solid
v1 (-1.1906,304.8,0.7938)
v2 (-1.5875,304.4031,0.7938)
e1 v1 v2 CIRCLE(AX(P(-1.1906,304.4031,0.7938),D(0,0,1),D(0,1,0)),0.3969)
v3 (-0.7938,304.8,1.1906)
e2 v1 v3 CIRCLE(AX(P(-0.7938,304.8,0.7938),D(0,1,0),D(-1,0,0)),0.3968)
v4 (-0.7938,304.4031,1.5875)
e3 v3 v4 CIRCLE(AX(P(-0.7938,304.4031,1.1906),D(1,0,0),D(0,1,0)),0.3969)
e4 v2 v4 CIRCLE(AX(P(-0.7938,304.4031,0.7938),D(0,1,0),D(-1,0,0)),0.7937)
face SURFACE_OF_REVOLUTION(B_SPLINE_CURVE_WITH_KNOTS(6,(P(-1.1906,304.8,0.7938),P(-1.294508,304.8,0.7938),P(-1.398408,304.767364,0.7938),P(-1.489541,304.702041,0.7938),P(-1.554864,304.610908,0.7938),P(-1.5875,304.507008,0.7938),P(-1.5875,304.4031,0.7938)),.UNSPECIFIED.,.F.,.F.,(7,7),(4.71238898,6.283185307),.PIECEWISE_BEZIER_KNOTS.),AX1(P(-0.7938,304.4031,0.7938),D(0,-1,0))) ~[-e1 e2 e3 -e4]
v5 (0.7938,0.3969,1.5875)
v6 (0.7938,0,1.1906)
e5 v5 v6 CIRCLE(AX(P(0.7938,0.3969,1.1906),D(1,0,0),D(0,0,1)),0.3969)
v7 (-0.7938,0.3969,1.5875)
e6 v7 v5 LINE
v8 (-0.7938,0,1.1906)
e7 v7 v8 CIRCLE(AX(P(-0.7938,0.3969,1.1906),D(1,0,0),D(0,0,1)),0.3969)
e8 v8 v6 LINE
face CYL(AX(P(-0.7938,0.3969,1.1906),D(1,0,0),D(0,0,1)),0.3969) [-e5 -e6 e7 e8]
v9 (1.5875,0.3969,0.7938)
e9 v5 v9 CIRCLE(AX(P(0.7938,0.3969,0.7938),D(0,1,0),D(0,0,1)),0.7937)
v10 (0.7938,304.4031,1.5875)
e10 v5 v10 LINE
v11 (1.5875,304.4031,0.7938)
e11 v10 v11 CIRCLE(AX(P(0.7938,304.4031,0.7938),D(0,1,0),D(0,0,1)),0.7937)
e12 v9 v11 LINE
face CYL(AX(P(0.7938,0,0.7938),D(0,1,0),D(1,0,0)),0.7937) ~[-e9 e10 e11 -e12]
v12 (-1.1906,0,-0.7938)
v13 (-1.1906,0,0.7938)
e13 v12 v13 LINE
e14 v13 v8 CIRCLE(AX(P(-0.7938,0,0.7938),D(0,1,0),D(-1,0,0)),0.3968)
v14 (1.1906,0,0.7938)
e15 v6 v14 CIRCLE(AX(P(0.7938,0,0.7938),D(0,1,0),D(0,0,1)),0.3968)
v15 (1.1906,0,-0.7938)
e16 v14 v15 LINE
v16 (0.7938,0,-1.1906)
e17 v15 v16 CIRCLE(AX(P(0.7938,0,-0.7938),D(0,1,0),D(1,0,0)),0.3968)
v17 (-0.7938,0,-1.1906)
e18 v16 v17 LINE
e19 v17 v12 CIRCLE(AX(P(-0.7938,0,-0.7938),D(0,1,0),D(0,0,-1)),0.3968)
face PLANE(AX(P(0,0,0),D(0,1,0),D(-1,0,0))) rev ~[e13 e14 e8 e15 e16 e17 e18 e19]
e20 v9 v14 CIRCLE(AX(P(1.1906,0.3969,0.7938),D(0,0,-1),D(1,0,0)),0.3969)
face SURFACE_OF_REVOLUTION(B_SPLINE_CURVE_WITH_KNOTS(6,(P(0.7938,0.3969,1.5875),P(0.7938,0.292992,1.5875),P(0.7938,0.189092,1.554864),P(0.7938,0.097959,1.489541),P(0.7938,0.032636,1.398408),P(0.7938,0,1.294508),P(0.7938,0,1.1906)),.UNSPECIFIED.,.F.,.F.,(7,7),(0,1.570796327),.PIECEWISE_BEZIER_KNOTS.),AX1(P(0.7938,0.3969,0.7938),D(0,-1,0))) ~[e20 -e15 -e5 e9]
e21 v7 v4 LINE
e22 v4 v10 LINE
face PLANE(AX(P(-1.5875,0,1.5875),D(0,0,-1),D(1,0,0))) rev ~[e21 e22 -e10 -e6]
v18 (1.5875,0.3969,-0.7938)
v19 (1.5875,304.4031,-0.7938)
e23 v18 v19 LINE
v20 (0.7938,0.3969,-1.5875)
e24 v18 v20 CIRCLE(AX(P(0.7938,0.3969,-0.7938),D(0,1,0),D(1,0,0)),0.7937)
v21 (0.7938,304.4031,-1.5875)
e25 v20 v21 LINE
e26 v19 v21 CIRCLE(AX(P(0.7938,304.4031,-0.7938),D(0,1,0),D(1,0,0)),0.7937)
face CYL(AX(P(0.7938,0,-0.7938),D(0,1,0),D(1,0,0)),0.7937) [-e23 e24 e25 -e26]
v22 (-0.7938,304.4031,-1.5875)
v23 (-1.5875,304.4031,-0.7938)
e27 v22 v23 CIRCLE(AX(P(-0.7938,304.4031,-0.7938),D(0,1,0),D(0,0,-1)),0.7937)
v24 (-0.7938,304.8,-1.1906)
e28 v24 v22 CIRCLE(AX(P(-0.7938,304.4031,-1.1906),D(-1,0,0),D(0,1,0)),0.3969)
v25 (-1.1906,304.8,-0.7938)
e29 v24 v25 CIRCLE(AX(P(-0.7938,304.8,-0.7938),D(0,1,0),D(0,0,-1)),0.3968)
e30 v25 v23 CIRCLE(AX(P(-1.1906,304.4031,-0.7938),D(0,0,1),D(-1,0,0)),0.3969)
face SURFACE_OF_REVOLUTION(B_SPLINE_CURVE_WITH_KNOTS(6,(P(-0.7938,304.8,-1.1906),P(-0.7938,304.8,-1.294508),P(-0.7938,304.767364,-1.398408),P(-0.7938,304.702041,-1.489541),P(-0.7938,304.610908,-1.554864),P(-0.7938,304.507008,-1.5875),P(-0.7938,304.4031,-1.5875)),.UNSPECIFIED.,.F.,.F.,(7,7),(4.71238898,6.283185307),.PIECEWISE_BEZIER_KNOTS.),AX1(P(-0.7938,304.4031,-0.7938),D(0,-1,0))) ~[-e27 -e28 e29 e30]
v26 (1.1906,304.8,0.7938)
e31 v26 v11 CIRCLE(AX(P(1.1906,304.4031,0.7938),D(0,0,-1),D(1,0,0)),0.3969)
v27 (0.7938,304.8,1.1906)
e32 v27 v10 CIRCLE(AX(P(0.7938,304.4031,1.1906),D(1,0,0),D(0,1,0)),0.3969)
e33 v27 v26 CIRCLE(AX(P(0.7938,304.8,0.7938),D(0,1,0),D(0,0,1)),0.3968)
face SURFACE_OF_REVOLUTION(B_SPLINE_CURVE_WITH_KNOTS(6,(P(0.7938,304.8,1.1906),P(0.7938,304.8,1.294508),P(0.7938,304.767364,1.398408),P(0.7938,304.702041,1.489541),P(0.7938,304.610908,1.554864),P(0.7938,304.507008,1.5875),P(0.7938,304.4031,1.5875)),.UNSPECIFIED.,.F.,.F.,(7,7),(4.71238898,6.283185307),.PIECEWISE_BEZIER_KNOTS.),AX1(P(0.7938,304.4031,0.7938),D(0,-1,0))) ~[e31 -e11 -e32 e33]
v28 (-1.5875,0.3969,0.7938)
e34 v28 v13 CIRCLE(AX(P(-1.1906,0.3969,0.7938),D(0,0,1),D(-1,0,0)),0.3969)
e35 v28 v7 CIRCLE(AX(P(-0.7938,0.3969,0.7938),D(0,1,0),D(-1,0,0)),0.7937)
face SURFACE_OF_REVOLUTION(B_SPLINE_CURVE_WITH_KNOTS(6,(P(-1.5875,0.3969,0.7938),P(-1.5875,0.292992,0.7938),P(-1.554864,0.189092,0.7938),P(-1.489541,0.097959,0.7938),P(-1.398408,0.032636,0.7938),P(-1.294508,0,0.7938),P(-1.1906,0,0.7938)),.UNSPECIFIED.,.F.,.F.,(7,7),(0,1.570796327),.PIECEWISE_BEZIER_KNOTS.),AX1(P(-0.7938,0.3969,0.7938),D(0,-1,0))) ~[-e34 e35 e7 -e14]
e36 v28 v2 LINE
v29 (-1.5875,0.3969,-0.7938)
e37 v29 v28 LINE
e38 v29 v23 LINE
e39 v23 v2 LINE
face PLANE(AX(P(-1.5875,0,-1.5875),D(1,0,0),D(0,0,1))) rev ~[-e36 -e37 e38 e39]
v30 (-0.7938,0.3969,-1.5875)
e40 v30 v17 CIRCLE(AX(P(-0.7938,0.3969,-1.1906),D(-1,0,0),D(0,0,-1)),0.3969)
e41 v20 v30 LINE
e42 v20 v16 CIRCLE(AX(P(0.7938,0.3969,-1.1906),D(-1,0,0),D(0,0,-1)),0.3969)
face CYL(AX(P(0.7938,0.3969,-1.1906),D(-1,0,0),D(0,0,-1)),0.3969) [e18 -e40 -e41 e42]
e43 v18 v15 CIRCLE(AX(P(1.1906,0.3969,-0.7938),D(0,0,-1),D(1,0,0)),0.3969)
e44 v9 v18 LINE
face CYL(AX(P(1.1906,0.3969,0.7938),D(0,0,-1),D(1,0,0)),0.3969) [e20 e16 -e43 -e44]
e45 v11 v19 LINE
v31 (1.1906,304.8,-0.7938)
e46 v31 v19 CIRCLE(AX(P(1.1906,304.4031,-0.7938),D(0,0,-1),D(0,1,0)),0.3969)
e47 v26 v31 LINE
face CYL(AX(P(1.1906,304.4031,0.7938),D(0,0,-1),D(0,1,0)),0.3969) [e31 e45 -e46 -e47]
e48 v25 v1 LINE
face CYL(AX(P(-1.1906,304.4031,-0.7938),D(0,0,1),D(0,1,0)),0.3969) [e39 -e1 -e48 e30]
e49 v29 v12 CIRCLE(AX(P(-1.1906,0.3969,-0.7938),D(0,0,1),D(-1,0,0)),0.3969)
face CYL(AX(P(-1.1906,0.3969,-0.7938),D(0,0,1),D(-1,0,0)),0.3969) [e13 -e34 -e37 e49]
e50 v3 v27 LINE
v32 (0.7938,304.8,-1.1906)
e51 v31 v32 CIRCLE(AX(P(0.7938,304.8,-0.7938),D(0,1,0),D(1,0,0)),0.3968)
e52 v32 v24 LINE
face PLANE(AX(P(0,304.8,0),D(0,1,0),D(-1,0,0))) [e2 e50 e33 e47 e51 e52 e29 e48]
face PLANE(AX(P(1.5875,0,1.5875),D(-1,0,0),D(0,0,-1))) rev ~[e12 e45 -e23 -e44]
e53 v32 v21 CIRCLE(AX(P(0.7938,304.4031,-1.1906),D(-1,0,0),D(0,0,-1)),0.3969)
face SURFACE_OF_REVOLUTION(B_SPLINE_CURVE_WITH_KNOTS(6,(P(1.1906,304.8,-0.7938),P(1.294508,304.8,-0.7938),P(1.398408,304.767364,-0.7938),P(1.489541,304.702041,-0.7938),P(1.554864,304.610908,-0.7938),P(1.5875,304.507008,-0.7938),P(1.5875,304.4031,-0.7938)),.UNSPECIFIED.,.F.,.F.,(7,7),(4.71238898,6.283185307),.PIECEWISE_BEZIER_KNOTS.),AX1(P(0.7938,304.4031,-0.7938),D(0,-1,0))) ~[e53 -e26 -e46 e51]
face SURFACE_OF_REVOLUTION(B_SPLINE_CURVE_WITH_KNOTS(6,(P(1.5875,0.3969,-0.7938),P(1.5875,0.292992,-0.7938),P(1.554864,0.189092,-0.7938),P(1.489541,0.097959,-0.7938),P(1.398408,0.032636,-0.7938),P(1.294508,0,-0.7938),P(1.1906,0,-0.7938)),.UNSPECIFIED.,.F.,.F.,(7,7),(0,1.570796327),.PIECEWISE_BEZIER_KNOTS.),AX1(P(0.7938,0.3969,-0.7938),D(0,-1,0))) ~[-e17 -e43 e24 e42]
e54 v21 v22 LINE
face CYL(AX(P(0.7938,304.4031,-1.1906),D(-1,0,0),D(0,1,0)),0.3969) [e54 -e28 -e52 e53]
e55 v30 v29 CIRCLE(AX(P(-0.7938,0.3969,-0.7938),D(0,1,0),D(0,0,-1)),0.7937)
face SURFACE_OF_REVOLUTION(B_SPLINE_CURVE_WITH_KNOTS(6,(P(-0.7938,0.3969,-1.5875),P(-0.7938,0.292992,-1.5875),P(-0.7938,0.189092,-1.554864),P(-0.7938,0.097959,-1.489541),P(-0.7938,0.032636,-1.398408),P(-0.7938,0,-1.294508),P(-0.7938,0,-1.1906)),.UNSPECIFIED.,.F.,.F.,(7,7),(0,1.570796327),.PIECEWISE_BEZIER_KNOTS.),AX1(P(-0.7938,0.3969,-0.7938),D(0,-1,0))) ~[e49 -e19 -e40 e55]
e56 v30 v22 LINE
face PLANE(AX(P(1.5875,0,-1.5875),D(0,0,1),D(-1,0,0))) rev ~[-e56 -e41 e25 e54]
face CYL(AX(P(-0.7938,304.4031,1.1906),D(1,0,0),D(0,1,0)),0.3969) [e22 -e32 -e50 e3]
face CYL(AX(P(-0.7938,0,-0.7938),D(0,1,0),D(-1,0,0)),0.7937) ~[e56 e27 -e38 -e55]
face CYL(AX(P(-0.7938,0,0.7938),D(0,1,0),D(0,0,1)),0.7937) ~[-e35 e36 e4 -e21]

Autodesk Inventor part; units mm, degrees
ref_plane "YZ Plane" through (0, 0, 0) normal (1, 0, 0) x (0, 1, 0)
ref_plane "XZ Plane" through (0, 0, 0) normal (0, 1, 0) x (-1, 0, 0)
ref_plane "XY Plane" through (0, 0, 0) normal (0, 0, 1) x (1, 0, 0)
sketch "Sketch1" plane through (0, 0, 0) normal (0, 1, 0) x (-1, 0, 0)
  line L0 (-1.5875, -1.5875) -> (1.5875, -1.5875)
  line L1 (1.5875, -1.5875) -> (1.5875, 1.5875)
  line L2 (1.5875, 1.5875) -> (-1.5875, 1.5875)
  line L3 (-1.5875, 1.5875) -> (-1.5875, -1.5875)
  line L4 (-1.5875, -1.5875) -> (1.5875, 1.5875) construction
  line L5 (1.5875, -1.5875) -> (-1.5875, 1.5875) construction
  point P0 (0, 0)
  dimension "d0" = 3.175
  dimension "d1" = 3.175
extrude "Extrusion1" add sketch "Sketch1" along normal blind 304.8
fillet "Fillet1" radius 0.7937 4 edges at (1.5875, 152.4, -1.5875) (-1.5875, 152.4, -1.5875) (1.5875, 152.4, 1.5875) (-1.5875, 152.4, 1.5875)
fillet "Fillet2" radius 0.3969 16 edges at (1.5875, 0, 0) (1.355, 0, -1.355) (0, 0, -1.5875) (-1.355, 0, -1.355) (-1.5875, 0, 0) (-1.355, 0, 1.355) (0, 0, 1.5875) (1.355, 0, 1.355) (0, 304.8, 1.5875) (-1.355, 304.8, 1.355) (-1.5875, 304.8, 0) (-1.355, 304.8, -1.355) (0, 304.8, -1.5875) (1.355, 304.8, -1.355) (1.5875, 304.8, 0) (1.355, 304.8, 1.355)
properties part number "12inch shaft" material "Stainless Steel"
